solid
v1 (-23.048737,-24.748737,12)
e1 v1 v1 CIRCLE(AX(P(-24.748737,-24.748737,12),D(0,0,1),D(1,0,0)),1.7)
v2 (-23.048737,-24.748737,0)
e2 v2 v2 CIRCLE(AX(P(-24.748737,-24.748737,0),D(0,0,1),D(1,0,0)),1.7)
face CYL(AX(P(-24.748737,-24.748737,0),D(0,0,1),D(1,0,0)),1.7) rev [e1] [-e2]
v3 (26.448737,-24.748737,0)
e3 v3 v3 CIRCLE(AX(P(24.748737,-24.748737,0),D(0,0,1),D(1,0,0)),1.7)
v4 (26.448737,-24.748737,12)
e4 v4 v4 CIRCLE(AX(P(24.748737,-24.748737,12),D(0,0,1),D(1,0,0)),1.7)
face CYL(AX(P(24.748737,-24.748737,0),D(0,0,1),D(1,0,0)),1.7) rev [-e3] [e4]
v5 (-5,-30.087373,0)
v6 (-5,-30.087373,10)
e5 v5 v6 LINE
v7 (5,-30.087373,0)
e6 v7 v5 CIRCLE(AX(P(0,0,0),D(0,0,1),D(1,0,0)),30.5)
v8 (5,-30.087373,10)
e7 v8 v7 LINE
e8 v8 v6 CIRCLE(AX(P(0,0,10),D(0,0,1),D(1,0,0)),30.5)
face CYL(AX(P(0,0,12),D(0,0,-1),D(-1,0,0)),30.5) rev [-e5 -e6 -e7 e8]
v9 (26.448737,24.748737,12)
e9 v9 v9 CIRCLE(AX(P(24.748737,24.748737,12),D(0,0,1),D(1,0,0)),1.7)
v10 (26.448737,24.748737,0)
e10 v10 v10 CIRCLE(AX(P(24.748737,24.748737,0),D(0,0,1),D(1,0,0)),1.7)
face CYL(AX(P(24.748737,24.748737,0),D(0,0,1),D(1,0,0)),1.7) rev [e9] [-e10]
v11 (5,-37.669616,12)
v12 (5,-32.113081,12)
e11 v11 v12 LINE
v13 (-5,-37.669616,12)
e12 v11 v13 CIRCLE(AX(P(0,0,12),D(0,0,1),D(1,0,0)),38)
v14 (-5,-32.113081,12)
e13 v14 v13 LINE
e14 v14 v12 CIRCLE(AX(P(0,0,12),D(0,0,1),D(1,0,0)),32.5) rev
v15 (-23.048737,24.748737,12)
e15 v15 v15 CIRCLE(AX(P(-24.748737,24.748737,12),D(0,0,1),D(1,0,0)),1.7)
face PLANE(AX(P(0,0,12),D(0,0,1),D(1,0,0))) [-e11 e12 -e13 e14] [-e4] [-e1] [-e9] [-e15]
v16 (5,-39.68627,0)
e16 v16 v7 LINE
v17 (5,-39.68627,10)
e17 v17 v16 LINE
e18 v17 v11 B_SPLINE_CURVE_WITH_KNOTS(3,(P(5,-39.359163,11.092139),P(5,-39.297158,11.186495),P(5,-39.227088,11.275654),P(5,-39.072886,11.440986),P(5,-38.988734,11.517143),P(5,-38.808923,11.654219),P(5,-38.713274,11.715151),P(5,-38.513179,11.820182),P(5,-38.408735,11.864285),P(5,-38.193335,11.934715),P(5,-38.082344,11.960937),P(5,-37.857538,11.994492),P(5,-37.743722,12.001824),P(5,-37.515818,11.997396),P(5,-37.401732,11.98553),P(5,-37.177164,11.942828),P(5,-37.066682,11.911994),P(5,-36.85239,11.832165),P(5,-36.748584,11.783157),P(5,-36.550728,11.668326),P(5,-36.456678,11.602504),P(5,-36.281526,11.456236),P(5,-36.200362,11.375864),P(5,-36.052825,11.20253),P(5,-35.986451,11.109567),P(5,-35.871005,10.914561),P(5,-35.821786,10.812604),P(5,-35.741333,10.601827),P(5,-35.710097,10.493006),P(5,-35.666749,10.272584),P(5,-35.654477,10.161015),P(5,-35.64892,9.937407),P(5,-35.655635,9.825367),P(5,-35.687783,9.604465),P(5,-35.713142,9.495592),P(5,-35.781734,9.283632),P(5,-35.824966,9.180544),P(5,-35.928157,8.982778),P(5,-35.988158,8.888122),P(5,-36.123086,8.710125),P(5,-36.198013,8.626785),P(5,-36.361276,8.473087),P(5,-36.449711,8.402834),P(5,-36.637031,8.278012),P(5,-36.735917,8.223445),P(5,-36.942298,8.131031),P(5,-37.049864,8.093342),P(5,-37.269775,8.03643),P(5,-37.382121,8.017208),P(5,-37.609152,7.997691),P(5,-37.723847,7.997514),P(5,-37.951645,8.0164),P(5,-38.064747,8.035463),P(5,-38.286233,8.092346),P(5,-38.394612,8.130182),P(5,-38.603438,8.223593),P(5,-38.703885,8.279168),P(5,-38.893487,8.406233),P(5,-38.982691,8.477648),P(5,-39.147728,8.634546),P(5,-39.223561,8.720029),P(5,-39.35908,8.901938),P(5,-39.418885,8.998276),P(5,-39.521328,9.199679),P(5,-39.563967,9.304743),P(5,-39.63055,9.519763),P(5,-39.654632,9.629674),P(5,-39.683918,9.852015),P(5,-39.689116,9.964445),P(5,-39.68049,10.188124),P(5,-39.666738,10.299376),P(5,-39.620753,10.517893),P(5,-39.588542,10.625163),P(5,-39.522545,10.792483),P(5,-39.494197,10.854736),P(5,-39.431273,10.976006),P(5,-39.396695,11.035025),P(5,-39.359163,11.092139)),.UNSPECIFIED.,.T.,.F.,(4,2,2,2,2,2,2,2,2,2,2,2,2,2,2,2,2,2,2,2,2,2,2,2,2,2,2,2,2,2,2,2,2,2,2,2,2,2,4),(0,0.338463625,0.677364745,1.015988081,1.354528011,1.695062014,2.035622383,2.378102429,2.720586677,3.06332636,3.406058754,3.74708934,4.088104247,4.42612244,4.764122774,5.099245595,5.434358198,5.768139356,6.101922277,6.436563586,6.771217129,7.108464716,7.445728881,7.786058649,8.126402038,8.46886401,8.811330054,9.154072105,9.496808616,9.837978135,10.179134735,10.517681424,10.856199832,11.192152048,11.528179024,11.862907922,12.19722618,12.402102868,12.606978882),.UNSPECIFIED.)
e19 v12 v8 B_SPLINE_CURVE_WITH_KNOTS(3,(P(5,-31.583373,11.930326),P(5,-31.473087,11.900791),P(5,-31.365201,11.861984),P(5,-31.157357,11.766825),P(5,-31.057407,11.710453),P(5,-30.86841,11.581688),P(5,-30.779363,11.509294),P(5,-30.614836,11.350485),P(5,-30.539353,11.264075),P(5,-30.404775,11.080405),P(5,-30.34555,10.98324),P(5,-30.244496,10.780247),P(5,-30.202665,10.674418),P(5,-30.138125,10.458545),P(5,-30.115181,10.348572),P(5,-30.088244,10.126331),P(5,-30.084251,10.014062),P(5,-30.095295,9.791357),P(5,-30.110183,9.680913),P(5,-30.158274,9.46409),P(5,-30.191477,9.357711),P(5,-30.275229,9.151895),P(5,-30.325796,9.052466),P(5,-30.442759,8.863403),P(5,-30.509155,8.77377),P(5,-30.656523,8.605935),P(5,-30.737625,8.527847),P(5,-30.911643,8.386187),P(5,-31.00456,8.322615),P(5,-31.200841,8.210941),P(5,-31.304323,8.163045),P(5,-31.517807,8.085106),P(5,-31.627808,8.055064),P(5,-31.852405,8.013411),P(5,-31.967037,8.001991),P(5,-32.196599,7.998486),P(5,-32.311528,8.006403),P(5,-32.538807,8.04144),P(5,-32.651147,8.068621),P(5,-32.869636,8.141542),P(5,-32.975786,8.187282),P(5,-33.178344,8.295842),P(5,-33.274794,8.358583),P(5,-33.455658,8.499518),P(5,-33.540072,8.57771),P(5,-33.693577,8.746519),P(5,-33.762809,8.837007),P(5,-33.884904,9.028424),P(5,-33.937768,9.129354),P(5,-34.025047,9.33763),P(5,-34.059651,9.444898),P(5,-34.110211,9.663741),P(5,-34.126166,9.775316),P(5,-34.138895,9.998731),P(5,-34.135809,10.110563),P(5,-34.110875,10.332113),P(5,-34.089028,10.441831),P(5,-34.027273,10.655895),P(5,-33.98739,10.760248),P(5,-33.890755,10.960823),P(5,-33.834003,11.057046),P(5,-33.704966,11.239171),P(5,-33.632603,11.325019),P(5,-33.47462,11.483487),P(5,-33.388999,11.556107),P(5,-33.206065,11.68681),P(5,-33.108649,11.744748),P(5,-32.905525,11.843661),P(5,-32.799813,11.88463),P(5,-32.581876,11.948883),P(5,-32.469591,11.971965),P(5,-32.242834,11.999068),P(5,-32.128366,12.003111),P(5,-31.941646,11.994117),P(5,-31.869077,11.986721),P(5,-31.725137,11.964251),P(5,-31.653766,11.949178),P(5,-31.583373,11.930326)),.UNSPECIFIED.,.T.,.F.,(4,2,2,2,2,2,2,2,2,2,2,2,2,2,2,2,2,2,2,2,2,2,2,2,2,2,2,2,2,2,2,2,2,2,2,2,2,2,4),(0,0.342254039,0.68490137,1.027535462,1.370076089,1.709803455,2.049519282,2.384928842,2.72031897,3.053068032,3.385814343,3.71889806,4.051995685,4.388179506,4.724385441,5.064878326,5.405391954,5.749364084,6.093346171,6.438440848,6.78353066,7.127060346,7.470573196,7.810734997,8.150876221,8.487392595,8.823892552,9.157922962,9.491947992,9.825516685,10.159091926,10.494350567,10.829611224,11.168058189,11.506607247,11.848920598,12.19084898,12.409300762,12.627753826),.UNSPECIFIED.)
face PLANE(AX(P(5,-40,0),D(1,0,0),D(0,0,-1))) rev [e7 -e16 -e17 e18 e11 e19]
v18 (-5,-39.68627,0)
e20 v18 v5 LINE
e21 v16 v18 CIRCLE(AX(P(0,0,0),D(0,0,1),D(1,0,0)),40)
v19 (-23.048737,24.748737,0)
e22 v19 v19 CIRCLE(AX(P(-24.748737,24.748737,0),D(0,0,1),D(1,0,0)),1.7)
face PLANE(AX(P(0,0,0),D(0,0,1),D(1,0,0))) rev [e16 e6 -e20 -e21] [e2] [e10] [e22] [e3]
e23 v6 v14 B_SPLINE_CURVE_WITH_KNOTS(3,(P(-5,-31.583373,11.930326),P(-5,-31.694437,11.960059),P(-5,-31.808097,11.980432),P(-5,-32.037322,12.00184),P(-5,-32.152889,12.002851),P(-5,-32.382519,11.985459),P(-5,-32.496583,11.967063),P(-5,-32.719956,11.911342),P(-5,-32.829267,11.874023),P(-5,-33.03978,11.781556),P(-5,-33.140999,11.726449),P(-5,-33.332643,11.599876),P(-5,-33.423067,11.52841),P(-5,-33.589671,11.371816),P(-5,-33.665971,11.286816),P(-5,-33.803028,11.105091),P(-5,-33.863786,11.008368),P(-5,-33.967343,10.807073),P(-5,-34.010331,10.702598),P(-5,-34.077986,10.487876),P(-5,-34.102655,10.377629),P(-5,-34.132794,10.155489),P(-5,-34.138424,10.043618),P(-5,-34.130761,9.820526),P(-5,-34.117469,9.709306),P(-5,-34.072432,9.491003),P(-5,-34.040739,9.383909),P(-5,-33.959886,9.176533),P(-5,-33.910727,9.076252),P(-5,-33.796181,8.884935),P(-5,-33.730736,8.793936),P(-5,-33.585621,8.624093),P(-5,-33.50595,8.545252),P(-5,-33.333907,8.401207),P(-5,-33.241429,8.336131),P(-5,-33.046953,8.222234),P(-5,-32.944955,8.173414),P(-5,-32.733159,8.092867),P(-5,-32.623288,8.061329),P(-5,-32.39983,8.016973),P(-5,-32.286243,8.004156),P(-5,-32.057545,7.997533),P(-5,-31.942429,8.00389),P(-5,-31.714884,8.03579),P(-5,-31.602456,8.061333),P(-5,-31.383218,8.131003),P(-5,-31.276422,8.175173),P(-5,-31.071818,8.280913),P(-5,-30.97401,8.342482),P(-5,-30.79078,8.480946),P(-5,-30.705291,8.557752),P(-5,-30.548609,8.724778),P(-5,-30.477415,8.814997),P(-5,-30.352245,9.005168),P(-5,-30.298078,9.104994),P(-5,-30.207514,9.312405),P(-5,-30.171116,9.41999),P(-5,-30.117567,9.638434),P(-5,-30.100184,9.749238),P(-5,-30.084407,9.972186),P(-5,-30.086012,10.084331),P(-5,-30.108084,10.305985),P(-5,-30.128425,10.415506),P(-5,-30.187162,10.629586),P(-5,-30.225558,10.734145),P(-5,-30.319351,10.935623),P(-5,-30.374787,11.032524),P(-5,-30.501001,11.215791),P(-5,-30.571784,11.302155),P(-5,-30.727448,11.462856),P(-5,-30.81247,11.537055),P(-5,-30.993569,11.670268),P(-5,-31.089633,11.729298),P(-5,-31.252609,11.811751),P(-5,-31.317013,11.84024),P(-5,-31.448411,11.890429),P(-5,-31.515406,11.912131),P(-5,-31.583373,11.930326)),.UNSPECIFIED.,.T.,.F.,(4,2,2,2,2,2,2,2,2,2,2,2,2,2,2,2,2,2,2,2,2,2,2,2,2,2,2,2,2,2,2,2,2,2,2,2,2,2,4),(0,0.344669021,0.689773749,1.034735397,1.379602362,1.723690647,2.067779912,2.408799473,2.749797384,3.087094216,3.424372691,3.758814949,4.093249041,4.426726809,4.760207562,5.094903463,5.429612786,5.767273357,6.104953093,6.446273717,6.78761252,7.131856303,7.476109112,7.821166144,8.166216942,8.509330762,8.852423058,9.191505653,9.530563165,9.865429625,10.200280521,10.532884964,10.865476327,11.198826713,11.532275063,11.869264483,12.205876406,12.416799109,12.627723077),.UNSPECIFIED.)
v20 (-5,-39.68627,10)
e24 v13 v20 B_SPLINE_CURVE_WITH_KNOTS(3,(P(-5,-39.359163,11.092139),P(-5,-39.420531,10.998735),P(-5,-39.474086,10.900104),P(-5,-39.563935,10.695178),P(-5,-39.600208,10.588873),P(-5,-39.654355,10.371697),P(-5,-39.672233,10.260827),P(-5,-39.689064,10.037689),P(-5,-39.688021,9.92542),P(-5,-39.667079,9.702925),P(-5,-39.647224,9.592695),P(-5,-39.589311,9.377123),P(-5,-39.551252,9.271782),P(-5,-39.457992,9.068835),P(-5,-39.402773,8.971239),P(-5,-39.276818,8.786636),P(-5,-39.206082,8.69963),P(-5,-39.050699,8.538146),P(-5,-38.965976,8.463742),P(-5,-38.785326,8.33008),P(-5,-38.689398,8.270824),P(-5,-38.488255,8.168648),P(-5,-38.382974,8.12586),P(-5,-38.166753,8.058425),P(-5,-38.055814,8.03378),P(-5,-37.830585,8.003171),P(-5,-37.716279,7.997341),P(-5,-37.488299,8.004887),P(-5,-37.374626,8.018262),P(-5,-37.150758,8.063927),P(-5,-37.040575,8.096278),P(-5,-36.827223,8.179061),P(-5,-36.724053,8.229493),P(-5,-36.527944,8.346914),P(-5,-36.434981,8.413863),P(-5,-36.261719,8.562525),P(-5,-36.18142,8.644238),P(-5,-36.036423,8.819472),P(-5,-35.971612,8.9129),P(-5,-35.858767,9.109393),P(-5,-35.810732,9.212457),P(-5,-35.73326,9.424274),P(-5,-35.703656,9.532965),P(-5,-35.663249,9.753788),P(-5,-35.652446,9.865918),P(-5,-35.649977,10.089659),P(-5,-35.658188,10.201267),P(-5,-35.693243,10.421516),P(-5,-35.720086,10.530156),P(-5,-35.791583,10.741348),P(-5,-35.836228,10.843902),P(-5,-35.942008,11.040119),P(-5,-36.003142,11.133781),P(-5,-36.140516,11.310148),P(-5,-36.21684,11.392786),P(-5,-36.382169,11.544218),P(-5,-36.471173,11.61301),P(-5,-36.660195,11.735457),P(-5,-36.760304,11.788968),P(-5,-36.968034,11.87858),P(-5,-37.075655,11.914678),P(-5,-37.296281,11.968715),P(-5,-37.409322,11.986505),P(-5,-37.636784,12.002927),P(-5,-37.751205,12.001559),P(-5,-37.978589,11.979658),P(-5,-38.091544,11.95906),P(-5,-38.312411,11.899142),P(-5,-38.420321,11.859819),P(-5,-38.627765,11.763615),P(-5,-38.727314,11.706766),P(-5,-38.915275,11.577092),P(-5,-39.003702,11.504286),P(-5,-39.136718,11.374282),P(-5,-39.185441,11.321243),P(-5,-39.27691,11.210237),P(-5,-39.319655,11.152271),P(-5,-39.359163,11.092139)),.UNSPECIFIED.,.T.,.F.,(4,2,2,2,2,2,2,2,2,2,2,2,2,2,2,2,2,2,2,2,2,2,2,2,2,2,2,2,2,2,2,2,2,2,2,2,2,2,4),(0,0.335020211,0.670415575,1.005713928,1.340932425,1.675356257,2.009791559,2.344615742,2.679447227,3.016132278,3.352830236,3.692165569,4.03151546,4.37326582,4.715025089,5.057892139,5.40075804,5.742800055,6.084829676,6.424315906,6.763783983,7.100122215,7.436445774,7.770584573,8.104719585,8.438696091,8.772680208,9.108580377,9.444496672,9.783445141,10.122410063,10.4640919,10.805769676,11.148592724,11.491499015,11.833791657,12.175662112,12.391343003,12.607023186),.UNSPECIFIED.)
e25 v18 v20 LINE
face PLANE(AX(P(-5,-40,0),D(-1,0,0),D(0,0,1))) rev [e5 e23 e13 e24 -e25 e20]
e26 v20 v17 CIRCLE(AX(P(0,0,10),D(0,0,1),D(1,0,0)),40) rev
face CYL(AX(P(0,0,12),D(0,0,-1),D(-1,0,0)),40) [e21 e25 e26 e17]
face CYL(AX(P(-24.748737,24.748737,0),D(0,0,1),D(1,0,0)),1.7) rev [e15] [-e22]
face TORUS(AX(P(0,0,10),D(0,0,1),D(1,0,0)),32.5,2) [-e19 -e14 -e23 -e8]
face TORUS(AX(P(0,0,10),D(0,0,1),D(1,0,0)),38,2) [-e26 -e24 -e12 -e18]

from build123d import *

# Parameters (mm, degrees)
SKETCH_1_R               = 40
SKETCH_1_R_2             = 30.5
EXTRUDE_1_DEPTH          = 12
SKETCH_2_R               = 1.7
CUT_EXTRUDE_1_DEPTH      = 12
FILLET_1_R               = 2
FILLET_2_R               = 2
CUT_EXTRUDE_2_DEPTH      = 10
CUT_EXTRUDE_2_DEPTH_BACK = 58.827329248
SKETCH_3_W               = 10
SKETCH_3_H               = 17.135936663


with BuildPart() as part:
    # 草图1 → 凸台-拉伸1 (new body)
    with BuildSketch(Plane.XY):
        Circle(SKETCH_1_R)
        Circle(SKETCH_1_R_2, mode=Mode.SUBTRACT)
    extrude(amount=EXTRUDE_1_DEPTH)

    # 草图2 → 切除-拉伸1 (cut)
    with BuildSketch(Plane.XY.offset(12)):
        with Locations((24.748737342, 24.748737342)):
            Circle(SKETCH_2_R)
        with Locations((24.748737342, -24.748737342)):
            Circle(SKETCH_2_R)
        with Locations((-24.748737342, -24.748737342)):
            Circle(SKETCH_2_R)
        with Locations((-24.748737342, 24.748737342)):
            Circle(SKETCH_2_R)
    extrude(amount=-CUT_EXTRUDE_1_DEPTH, mode=Mode.SUBTRACT)

    # 圆角1
    fillet_1_edges = [part.edges().sort_by_distance(p)[0] for p in [
        (-30.5, 0, 12),
    ]]
    fillet(fillet_1_edges, radius=FILLET_1_R)

    # 圆角2
    fillet_2_edges = [part.edges().sort_by_distance(p)[0] for p in [
        (-40, 0, 12),
    ]]
    fillet(fillet_2_edges, radius=FILLET_2_R)

    # 草图3 → 切除-拉伸2 (cut, two sides: drawn at the far end of the back side and taken through both)
    with BuildSketch(Plane(origin=(0, 0, 0), x_dir=(1, 0, 0), z_dir=(0, 1, 0)).offset(-CUT_EXTRUDE_2_DEPTH_BACK)):
        with Locations((0, -8.567968332)):
            Rectangle(SKETCH_3_W, SKETCH_3_H)
    extrude(amount=CUT_EXTRUDE_2_DEPTH + CUT_EXTRUDE_2_DEPTH_BACK, mode=Mode.SUBTRACT)


solid = part.part
